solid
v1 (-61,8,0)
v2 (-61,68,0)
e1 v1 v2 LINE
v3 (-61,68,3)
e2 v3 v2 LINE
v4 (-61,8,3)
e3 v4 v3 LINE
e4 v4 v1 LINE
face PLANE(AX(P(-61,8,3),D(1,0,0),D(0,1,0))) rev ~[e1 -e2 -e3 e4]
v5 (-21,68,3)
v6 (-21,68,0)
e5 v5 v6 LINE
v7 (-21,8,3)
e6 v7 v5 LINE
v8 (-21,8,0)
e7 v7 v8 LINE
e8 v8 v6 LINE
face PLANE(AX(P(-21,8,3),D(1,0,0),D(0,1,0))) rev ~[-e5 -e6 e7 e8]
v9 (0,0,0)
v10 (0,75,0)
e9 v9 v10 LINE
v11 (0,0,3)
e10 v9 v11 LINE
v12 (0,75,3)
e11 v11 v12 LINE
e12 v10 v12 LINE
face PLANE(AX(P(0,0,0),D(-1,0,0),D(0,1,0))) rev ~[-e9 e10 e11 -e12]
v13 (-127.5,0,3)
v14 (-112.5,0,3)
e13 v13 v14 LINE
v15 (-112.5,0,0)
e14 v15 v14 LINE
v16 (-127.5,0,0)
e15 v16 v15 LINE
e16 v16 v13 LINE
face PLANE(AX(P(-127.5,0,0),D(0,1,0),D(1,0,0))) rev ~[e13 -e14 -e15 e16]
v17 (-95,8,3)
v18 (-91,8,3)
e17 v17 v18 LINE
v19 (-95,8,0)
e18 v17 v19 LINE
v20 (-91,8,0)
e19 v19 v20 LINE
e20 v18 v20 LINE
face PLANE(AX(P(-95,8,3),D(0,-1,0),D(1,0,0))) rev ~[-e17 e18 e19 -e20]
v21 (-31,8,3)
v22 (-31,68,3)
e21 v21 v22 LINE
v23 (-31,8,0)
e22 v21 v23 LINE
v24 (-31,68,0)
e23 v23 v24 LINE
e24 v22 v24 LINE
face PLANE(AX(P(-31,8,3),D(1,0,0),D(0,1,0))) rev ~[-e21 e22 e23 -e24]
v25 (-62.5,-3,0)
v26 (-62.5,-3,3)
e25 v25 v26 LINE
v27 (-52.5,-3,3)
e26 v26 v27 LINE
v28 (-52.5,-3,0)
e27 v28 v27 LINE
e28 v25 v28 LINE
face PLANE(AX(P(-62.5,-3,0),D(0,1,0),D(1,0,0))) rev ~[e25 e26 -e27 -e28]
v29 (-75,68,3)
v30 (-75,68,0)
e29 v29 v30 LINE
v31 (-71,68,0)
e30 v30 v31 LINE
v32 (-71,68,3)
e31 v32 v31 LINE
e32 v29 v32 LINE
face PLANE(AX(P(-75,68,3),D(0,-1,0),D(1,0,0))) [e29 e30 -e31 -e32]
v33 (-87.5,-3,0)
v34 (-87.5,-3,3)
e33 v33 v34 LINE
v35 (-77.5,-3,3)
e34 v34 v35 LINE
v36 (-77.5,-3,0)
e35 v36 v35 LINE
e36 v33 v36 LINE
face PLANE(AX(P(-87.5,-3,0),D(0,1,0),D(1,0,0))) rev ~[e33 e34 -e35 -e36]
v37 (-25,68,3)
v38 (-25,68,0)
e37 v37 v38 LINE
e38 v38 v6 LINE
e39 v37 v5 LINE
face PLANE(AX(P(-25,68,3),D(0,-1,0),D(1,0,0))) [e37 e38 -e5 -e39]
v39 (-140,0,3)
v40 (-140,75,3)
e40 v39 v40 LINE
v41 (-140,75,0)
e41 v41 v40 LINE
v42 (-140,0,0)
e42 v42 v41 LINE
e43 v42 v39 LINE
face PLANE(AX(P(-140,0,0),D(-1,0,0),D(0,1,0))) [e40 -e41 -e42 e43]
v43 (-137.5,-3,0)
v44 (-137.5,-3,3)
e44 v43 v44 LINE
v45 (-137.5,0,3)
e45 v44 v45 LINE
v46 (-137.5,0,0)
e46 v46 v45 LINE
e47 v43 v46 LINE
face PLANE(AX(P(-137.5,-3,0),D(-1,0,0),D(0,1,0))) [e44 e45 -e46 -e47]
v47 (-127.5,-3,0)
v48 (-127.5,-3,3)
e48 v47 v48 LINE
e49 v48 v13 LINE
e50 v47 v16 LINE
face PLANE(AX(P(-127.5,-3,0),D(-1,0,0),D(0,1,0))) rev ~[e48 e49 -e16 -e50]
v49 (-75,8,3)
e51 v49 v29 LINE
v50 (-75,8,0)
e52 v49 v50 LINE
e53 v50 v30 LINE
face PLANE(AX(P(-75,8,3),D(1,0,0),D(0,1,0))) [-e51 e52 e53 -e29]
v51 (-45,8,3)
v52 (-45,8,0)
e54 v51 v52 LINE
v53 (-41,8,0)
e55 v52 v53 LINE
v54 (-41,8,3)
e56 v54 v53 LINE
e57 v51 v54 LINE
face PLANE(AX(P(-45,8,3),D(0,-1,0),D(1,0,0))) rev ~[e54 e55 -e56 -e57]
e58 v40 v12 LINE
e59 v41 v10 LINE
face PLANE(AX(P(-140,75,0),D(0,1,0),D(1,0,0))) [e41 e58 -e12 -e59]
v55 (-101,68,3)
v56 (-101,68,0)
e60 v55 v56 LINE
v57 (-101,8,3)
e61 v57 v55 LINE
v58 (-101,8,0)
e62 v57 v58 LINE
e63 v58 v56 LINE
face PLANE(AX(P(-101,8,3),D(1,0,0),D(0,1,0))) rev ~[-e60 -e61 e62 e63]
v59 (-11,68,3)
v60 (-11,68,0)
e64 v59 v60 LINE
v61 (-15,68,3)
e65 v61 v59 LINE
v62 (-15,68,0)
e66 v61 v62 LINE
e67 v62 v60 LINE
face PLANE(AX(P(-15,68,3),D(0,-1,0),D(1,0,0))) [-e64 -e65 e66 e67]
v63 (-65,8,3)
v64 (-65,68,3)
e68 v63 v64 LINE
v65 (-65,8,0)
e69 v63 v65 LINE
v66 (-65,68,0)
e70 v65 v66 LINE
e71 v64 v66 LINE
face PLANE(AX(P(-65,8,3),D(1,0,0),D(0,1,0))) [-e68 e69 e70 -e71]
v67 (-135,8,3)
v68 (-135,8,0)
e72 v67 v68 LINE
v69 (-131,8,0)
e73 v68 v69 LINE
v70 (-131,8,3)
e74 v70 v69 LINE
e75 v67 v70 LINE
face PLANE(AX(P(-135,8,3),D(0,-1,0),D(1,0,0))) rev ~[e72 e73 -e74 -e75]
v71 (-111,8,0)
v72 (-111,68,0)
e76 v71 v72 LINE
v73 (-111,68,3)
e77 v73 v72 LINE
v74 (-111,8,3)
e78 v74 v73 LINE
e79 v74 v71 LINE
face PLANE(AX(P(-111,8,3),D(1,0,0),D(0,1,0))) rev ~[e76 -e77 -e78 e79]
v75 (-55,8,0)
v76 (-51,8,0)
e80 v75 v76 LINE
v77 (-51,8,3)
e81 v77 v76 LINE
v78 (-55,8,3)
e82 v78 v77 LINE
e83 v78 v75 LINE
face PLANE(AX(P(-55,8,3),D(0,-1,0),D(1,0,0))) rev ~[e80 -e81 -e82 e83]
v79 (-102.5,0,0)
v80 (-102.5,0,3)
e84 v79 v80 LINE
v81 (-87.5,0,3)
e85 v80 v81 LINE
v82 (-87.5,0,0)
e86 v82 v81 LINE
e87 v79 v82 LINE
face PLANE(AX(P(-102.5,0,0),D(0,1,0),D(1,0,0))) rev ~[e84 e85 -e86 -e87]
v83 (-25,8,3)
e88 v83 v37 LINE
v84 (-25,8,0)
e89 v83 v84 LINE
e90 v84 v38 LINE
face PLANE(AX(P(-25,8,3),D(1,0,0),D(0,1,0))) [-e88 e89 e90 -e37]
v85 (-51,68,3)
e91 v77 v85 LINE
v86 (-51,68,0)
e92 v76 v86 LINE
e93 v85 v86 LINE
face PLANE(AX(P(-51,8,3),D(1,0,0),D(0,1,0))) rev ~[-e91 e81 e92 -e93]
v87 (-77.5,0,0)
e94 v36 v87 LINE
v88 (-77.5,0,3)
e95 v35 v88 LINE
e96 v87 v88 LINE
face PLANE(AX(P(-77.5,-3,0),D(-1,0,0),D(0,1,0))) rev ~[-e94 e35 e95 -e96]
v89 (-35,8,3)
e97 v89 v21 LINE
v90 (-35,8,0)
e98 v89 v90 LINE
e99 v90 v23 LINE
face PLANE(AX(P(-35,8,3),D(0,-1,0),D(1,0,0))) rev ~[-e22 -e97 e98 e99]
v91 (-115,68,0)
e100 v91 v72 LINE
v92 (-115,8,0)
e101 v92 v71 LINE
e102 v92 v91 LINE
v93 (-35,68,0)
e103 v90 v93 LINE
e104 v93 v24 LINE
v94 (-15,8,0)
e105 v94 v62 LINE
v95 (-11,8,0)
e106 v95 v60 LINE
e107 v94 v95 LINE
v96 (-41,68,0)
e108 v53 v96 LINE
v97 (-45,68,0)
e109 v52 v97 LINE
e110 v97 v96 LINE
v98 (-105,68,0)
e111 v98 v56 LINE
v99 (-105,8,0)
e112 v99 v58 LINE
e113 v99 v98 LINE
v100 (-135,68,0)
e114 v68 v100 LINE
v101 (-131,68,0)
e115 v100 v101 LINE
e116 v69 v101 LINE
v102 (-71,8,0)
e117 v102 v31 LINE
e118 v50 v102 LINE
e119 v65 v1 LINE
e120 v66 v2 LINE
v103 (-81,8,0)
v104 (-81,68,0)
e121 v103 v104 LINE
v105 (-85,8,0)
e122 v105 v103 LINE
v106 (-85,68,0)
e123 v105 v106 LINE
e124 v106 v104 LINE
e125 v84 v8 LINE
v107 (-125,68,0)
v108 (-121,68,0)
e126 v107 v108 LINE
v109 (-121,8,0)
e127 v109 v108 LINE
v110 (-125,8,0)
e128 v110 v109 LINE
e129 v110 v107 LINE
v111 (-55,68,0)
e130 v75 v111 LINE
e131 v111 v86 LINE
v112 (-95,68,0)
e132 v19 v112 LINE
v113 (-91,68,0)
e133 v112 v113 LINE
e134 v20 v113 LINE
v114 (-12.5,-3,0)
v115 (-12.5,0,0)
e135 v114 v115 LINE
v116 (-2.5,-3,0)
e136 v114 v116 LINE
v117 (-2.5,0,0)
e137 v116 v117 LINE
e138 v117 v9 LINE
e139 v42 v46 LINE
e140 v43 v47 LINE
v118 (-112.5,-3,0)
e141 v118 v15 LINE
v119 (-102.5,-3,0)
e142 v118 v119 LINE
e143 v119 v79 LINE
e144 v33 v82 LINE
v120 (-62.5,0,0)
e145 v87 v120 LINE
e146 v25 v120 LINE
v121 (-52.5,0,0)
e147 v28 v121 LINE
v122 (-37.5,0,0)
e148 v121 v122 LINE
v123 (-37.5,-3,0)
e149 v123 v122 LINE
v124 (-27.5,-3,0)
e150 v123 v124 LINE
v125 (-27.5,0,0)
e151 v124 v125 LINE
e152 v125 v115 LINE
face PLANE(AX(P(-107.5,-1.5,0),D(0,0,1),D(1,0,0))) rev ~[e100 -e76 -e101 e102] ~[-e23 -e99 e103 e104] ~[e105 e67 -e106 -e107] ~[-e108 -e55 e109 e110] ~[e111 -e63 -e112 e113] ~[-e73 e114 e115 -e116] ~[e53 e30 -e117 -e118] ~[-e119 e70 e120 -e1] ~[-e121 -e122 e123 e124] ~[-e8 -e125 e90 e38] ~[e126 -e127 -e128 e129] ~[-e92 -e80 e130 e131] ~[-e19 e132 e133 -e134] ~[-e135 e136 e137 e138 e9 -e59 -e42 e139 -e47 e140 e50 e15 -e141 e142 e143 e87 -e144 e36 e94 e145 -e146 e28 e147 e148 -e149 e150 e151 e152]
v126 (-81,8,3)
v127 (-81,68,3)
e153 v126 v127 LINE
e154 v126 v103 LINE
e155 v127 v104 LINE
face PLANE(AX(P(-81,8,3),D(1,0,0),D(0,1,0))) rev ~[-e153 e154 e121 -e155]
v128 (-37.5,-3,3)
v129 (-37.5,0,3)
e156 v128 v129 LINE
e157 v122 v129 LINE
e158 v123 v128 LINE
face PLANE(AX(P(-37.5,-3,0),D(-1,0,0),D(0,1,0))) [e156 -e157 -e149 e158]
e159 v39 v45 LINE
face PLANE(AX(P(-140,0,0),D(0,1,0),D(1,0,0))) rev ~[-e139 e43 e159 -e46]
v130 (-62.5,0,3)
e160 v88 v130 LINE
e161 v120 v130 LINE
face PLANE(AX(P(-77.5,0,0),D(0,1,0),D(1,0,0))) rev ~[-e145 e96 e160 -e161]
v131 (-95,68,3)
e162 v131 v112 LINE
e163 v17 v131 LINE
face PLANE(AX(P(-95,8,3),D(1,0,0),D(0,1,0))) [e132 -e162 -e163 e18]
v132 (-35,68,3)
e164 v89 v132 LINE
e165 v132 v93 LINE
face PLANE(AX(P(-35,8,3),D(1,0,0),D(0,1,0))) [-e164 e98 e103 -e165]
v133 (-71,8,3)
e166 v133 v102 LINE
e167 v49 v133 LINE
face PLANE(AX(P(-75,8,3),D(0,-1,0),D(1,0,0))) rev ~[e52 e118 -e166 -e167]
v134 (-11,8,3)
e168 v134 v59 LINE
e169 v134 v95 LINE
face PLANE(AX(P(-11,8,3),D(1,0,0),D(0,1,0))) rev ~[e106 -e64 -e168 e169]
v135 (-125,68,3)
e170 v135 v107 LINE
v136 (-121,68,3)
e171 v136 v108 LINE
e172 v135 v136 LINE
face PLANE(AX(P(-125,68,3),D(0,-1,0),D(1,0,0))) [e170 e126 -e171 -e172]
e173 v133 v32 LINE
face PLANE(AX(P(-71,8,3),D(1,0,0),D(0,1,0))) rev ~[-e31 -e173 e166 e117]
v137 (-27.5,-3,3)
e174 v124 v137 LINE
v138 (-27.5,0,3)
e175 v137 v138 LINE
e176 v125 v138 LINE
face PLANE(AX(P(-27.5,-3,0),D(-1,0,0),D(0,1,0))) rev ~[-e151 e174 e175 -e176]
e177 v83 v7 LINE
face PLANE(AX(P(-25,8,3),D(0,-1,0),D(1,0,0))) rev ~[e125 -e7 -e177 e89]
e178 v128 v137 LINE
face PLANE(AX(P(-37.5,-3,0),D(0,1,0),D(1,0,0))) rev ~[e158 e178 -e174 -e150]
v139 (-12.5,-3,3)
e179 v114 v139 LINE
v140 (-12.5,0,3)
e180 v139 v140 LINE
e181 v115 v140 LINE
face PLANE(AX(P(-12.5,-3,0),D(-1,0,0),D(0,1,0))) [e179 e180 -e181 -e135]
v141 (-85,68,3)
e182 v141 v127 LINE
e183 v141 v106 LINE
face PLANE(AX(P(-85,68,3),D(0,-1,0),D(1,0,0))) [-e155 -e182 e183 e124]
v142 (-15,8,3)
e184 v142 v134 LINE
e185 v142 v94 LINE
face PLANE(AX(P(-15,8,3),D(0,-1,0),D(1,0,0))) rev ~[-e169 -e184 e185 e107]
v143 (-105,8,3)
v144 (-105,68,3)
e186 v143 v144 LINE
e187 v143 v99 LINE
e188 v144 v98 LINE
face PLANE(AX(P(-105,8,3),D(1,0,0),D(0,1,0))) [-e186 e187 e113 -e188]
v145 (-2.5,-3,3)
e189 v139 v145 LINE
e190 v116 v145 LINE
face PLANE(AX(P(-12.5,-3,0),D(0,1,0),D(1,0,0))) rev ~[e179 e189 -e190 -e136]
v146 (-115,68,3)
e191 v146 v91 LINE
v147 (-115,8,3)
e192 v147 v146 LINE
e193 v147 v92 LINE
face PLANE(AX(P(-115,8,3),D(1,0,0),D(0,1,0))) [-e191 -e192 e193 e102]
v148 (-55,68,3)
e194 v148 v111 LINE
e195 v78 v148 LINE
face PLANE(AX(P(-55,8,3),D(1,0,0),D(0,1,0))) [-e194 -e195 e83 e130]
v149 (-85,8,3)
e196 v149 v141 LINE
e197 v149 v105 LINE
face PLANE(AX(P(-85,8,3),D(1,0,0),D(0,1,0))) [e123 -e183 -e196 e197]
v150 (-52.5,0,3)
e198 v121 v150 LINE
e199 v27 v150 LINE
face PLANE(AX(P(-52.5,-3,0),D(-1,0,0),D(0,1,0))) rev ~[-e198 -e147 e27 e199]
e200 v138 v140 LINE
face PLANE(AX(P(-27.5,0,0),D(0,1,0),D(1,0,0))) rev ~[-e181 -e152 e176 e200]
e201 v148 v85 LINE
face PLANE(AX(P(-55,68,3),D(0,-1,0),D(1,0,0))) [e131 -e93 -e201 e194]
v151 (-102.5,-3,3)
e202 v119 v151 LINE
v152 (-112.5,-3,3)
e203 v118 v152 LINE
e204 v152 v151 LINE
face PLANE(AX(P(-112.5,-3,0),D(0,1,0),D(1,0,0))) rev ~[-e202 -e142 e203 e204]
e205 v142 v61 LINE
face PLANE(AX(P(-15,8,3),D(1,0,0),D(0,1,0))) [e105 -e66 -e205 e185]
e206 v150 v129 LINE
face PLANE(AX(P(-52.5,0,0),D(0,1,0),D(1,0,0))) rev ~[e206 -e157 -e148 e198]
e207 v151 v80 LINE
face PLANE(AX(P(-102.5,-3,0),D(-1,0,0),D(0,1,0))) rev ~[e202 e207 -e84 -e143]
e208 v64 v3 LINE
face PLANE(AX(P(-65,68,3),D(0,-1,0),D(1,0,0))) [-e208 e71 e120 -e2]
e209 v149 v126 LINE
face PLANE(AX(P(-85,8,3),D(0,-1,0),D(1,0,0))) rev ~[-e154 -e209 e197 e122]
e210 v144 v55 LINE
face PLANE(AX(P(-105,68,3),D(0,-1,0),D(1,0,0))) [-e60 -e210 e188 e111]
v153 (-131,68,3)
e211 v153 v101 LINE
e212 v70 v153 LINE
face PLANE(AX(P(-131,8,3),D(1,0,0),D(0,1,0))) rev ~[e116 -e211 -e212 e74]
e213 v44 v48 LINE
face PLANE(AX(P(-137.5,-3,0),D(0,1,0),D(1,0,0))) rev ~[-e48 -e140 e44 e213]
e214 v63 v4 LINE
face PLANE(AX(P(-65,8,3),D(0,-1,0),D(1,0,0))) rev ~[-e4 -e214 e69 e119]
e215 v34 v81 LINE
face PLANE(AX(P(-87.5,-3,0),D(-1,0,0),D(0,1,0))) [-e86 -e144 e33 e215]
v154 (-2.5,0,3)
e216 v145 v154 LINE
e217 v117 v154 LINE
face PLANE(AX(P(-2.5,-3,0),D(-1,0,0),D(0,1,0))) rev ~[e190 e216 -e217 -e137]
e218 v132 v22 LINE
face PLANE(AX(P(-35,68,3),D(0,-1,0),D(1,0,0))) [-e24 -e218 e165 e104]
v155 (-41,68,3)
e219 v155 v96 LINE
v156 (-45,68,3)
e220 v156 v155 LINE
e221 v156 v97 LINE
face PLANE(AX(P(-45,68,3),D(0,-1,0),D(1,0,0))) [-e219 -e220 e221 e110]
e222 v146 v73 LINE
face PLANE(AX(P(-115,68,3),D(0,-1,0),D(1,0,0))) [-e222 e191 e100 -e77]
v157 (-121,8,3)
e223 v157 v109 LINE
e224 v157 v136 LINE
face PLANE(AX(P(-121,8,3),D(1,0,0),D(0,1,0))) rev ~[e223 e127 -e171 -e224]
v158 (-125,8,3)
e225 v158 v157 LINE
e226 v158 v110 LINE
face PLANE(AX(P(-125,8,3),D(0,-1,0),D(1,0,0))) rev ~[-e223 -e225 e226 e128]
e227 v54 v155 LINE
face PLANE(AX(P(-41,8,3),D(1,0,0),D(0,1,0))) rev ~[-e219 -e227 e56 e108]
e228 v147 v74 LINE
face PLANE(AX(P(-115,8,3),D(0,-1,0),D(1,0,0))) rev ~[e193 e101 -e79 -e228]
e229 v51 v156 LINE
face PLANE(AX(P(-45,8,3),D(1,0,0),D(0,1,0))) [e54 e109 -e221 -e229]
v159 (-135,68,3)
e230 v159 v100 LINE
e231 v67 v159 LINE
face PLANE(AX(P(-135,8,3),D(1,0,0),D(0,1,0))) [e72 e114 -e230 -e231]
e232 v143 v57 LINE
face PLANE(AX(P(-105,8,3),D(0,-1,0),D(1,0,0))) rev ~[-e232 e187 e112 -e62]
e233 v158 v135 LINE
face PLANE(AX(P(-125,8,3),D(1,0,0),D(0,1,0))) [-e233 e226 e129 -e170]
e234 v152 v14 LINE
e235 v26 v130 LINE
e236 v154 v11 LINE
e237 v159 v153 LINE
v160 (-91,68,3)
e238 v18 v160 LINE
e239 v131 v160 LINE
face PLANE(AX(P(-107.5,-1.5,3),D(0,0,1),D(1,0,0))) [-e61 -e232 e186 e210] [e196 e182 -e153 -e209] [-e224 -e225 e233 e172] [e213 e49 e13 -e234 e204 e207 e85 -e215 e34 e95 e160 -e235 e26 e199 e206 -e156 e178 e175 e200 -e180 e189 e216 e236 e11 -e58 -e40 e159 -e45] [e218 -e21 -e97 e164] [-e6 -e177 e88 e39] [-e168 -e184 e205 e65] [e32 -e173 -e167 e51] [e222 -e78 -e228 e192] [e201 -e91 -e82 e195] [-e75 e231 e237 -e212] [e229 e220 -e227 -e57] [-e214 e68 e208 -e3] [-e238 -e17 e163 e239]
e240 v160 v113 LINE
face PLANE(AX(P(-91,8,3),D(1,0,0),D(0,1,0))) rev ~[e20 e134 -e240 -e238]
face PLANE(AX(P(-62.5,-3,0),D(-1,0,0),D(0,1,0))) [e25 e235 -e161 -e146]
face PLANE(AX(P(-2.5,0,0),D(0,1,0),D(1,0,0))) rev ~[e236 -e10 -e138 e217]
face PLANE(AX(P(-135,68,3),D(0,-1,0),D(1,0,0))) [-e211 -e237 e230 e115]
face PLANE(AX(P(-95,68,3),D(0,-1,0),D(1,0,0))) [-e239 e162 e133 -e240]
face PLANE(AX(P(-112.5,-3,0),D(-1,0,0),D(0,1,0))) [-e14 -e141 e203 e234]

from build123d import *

# Parameters (mm, degrees)
BOSS_EXTRU_1_DEPTH      = 3
ESQUISSE2_W             = 4
ESQUISSE2_H             = 60
ENL_V_MAT_EXTRU_1_DEPTH = 3


with BuildPart() as part:
    # Esquisse1 → Boss.-Extru.1 (new body)
    with BuildSketch(Plane.XY):
        Polygon((-137.5, -3), (-127.5, -3), (-127.5, 0), (-112.5, 0), (-112.5, -3), (-102.5, -3), (-102.5, 0), (-87.5, 0), (-87.5, -3), (-77.5, -3), (-77.5, 0), (-62.5, 0), (-62.5, -3), (-52.5, -3), (-52.5, 0), (-37.5, 0), (-37.5, -3), (-27.5, -3), (-27.5, 0), (-12.5, 0), (-12.5, -3), (-2.5, -3), (-2.5, 0), (0, 0), (0, 75), (-140, 75), (-140, 0), (-137.5, 0), align=None)
    extrude(amount=BOSS_EXTRU_1_DEPTH)

    # Esquisse2 → Enlèv. mat.-Extru.1 (cut)
    with BuildSketch(Plane.XY.offset(3)):
        with Locations((-133, 38)):
            Rectangle(ESQUISSE2_W, ESQUISSE2_H)
        with Locations((-123, 38)):
            Rectangle(ESQUISSE2_W, ESQUISSE2_H)
        with Locations((-113, 38)):
            Rectangle(ESQUISSE2_W, ESQUISSE2_H)
        with Locations((-103, 38)):
            Rectangle(ESQUISSE2_W, ESQUISSE2_H)
        with Locations((-93, 38)):
            Rectangle(ESQUISSE2_W, ESQUISSE2_H)
        with Locations((-83, 38)):
            Rectangle(ESQUISSE2_W, ESQUISSE2_H)
        with Locations((-73, 38)):
            Rectangle(ESQUISSE2_W, ESQUISSE2_H)
        with Locations((-63, 38)):
            Rectangle(ESQUISSE2_W, ESQUISSE2_H)
        with Locations((-53, 38)):
            Rectangle(ESQUISSE2_W, ESQUISSE2_H)
        with Locations((-43, 38)):
            Rectangle(ESQUISSE2_W, ESQUISSE2_H)
        with Locations((-33, 38)):
            Rectangle(ESQUISSE2_W, ESQUISSE2_H)
        with Locations((-23, 38)):
            Rectangle(ESQUISSE2_W, ESQUISSE2_H)
        with Locations((-13, 38)):
            Rectangle(ESQUISSE2_W, ESQUISSE2_H)
    extrude(amount=-ENL_V_MAT_EXTRU_1_DEPTH, mode=Mode.SUBTRACT)


solid = part.part
